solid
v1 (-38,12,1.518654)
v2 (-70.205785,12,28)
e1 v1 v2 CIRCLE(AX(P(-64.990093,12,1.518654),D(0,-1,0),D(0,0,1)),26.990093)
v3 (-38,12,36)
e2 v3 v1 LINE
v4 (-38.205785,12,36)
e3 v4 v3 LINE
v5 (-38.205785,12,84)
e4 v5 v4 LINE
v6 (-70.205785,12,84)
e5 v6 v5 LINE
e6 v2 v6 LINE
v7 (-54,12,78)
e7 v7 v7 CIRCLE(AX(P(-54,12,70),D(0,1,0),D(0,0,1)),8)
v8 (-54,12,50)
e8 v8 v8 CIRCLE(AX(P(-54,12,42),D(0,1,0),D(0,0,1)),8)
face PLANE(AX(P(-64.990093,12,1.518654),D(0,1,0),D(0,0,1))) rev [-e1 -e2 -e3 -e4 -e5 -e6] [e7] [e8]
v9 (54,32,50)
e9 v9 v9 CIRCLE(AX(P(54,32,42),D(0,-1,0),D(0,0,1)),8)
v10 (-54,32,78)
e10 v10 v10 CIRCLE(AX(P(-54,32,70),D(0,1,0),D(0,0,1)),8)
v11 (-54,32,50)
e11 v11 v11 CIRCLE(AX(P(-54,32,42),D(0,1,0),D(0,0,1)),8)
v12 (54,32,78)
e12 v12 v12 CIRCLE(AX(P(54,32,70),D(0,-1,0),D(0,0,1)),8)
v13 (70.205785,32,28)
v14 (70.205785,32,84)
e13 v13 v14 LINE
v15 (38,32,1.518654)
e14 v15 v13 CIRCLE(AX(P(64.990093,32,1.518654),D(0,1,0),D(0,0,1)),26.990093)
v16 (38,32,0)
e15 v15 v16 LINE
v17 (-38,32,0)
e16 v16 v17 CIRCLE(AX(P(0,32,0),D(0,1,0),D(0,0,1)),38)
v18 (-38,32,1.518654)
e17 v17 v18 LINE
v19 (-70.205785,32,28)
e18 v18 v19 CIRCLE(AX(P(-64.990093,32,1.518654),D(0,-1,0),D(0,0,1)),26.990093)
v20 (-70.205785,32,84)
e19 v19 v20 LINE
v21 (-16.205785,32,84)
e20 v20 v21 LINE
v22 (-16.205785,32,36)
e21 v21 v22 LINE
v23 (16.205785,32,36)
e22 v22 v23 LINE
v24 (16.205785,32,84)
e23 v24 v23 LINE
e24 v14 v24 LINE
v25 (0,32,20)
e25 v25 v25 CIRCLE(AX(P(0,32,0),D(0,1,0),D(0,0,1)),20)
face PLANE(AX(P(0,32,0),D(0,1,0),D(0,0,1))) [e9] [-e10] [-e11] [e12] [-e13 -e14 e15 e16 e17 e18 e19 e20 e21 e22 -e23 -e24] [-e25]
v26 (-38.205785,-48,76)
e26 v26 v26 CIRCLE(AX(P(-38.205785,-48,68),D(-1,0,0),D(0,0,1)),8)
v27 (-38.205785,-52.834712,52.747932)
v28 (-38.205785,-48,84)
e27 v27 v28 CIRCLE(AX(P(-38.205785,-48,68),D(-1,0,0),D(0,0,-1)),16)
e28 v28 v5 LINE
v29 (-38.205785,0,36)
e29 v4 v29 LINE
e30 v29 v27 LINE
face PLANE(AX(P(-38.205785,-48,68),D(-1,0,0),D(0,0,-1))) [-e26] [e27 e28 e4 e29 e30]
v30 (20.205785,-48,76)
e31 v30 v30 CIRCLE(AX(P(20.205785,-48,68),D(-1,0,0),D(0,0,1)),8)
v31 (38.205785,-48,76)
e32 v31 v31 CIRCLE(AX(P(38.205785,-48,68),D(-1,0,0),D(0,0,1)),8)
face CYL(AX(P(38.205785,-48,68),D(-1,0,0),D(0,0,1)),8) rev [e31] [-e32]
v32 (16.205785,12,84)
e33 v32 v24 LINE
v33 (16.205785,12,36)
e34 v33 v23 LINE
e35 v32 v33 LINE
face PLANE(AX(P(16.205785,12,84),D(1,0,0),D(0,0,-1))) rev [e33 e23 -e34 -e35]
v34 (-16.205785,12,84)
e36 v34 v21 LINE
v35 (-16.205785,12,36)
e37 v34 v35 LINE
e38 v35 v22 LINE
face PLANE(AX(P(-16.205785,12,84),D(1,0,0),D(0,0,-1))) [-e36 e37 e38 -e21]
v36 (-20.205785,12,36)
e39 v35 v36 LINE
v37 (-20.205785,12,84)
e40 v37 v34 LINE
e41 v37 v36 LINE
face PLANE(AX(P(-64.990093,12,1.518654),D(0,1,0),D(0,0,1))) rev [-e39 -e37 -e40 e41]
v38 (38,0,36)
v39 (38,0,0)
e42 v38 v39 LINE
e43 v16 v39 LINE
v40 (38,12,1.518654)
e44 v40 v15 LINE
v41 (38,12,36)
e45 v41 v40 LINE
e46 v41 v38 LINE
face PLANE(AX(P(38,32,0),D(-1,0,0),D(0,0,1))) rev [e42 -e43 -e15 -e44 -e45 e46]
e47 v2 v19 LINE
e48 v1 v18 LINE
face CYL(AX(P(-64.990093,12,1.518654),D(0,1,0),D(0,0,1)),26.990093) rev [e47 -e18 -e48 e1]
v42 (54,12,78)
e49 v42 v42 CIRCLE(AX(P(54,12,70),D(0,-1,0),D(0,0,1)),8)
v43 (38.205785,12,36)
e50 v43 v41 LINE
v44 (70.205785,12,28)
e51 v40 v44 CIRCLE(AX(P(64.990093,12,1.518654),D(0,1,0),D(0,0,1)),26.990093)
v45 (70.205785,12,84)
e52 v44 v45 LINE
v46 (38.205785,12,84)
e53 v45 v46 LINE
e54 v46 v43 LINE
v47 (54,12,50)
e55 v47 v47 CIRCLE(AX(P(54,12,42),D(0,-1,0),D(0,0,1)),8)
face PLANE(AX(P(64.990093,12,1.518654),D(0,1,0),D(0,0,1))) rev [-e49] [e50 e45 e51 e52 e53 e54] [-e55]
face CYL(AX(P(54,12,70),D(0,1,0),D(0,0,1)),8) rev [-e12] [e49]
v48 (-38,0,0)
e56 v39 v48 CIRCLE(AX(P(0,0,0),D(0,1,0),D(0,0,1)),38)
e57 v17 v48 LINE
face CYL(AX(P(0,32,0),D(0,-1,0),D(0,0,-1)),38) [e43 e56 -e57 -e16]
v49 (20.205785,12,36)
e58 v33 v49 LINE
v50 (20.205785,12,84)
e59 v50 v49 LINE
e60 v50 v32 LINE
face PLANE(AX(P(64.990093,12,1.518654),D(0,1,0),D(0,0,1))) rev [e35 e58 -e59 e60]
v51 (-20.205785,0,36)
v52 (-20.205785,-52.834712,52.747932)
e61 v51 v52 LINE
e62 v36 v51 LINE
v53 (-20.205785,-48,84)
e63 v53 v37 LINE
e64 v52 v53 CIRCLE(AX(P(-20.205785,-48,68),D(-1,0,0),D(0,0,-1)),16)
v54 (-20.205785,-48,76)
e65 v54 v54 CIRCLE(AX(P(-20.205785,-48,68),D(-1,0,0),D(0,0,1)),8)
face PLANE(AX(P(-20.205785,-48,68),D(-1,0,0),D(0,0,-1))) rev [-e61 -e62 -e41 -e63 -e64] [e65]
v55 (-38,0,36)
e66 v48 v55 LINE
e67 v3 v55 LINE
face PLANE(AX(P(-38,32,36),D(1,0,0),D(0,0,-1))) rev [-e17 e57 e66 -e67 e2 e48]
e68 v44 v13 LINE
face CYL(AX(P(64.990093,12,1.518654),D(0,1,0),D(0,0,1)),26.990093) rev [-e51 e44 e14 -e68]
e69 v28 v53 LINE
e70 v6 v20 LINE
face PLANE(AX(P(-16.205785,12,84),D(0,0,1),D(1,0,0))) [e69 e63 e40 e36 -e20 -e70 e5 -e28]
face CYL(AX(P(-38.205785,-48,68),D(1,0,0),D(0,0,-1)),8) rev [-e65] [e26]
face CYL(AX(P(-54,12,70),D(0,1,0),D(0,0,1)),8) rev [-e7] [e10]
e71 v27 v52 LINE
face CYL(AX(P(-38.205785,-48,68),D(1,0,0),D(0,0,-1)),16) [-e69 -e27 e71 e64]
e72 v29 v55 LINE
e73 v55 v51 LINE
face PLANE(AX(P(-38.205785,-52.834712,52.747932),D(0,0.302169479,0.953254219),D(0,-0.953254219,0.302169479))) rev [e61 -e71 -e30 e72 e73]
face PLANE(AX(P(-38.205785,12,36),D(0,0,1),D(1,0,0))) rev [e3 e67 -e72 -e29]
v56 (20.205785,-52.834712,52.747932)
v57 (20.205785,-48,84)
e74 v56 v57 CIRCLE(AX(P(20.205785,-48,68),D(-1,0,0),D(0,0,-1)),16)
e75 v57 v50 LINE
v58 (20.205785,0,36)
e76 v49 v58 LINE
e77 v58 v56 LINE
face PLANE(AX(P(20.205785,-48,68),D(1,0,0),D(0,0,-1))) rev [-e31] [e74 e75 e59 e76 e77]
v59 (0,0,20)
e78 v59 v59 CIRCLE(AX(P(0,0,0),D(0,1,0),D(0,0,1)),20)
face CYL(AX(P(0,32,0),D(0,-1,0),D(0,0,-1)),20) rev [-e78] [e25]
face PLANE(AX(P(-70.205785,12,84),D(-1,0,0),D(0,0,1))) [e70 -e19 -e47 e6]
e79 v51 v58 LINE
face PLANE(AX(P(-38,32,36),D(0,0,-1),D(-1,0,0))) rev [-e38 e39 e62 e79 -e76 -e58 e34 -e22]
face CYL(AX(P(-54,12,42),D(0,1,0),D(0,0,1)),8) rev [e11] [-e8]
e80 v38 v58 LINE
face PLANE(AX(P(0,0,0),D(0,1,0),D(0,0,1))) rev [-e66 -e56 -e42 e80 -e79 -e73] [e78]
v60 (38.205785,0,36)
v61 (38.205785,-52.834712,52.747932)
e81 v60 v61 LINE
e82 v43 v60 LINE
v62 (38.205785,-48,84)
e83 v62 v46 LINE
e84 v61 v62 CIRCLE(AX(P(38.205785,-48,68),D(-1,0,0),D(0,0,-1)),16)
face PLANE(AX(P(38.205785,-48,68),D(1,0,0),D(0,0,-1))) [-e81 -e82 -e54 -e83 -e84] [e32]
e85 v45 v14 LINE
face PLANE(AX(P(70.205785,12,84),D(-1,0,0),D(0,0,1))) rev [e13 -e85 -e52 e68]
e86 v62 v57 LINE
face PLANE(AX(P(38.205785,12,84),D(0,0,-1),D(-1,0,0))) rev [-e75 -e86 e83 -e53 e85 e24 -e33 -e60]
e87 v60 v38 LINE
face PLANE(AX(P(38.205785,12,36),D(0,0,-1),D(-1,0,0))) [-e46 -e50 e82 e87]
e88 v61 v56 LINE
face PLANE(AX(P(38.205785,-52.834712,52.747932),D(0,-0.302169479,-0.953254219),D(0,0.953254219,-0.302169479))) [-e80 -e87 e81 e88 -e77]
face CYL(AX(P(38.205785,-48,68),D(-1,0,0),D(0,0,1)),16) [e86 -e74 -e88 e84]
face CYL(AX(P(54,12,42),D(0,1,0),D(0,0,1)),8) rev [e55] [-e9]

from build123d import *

# Parameters (mm, degrees)
SKETCH1_R           = 20
BOSS_EXTRUDE1_DEPTH = 32
SKETCH2_R           = 8
BOSS_EXTRUDE3_DEPTH = 20
BOSS_EXTRUDE4_START = -4
SKETCH11_R          = 8
BOSS_EXTRUDE4_DEPTH = 18


with BuildPart() as part:
    # Sketch1 → Boss-Extrude1 (new body)
    with BuildSketch(Plane(origin=(0, 0, 0), x_dir=(1, 0, 0), z_dir=(0, 1, 0))):
        with BuildLine():
            Line((-38, -36), (38, -36))
            Line((38, -36), (38, 0))
            ThreePointArc((38, 0), (0, 38), (-38, 0))
            Line((-38, 0), (-38, -36))
        make_face()
        with Locations(Location((0, 0, 0), (0, 0, 270))):
            Circle(SKETCH1_R, mode=Mode.SUBTRACT)
    extrude(amount=BOSS_EXTRUDE1_DEPTH)

    # Sketch2 → Boss-Extrude3 (add)
    with BuildSketch(Plane(origin=(0, 32, 0), x_dir=(1, 0, 0), z_dir=(0, 1, 0))):
        with BuildLine():
            Line((-16.20578503, -84), (-38.20578503, -84))
            Line((-38.20578503, -84), (-70.20578503, -84))
            Line((-70.20578503, -84), (-70.20578503, -28))
            ThreePointArc((-70.20578503, -28), (-47.848139938, -22.366161341), (-38, -1.518653771))
            Line((-38, -1.518653771), (-38, -36))
            Line((-38, -36), (-16.20578503, -36))
            Line((-16.20578503, -36), (-16.20578503, -84))
        make_face()
        with Locations(Location((-54, -42, 0), (0, 0, 270))):
            Circle(SKETCH2_R, mode=Mode.SUBTRACT)
        with Locations(Location((-54, -70, 0), (0, 0, 270))):
            Circle(SKETCH2_R, mode=Mode.SUBTRACT)
    boss_extrude3 = extrude(amount=-BOSS_EXTRUDE3_DEPTH)

    # Mirror1: Boss-Extrude3 across plane
    add(boss_extrude3.mirror(Plane(origin=(0, 0, 0), x_dir=(0, 0, 1), z_dir=(1, 0, 0))))

    # Sketch11 → Boss-Extrude4 (add)
    with BuildSketch(Plane.ZY.offset(-16.20578503).offset(BOSS_EXTRUDE4_START)):
        with BuildLine():
            Line((36, 12), (84, 12))
            Line((84, 12), (84, -48))
            ThreePointArc((84, -48), (70.446111196, -63.811911333), (52.747932498, -52.834711668))
            Line((52.747932498, -52.834711668), (36, 0))
            Line((36, 0), (36, 12))
        make_face()
        with Locations((68, -48)):
            Circle(SKETCH11_R, mode=Mode.SUBTRACT)
    boss_extrude4 = extrude(amount=-BOSS_EXTRUDE4_DEPTH)

    # Mirror2: Boss-Extrude4 across plane
    add(boss_extrude4.mirror(Plane(origin=(0, 0, 0), x_dir=(0, 0, 1), z_dir=(1, 0, 0))))


solid = part.part
